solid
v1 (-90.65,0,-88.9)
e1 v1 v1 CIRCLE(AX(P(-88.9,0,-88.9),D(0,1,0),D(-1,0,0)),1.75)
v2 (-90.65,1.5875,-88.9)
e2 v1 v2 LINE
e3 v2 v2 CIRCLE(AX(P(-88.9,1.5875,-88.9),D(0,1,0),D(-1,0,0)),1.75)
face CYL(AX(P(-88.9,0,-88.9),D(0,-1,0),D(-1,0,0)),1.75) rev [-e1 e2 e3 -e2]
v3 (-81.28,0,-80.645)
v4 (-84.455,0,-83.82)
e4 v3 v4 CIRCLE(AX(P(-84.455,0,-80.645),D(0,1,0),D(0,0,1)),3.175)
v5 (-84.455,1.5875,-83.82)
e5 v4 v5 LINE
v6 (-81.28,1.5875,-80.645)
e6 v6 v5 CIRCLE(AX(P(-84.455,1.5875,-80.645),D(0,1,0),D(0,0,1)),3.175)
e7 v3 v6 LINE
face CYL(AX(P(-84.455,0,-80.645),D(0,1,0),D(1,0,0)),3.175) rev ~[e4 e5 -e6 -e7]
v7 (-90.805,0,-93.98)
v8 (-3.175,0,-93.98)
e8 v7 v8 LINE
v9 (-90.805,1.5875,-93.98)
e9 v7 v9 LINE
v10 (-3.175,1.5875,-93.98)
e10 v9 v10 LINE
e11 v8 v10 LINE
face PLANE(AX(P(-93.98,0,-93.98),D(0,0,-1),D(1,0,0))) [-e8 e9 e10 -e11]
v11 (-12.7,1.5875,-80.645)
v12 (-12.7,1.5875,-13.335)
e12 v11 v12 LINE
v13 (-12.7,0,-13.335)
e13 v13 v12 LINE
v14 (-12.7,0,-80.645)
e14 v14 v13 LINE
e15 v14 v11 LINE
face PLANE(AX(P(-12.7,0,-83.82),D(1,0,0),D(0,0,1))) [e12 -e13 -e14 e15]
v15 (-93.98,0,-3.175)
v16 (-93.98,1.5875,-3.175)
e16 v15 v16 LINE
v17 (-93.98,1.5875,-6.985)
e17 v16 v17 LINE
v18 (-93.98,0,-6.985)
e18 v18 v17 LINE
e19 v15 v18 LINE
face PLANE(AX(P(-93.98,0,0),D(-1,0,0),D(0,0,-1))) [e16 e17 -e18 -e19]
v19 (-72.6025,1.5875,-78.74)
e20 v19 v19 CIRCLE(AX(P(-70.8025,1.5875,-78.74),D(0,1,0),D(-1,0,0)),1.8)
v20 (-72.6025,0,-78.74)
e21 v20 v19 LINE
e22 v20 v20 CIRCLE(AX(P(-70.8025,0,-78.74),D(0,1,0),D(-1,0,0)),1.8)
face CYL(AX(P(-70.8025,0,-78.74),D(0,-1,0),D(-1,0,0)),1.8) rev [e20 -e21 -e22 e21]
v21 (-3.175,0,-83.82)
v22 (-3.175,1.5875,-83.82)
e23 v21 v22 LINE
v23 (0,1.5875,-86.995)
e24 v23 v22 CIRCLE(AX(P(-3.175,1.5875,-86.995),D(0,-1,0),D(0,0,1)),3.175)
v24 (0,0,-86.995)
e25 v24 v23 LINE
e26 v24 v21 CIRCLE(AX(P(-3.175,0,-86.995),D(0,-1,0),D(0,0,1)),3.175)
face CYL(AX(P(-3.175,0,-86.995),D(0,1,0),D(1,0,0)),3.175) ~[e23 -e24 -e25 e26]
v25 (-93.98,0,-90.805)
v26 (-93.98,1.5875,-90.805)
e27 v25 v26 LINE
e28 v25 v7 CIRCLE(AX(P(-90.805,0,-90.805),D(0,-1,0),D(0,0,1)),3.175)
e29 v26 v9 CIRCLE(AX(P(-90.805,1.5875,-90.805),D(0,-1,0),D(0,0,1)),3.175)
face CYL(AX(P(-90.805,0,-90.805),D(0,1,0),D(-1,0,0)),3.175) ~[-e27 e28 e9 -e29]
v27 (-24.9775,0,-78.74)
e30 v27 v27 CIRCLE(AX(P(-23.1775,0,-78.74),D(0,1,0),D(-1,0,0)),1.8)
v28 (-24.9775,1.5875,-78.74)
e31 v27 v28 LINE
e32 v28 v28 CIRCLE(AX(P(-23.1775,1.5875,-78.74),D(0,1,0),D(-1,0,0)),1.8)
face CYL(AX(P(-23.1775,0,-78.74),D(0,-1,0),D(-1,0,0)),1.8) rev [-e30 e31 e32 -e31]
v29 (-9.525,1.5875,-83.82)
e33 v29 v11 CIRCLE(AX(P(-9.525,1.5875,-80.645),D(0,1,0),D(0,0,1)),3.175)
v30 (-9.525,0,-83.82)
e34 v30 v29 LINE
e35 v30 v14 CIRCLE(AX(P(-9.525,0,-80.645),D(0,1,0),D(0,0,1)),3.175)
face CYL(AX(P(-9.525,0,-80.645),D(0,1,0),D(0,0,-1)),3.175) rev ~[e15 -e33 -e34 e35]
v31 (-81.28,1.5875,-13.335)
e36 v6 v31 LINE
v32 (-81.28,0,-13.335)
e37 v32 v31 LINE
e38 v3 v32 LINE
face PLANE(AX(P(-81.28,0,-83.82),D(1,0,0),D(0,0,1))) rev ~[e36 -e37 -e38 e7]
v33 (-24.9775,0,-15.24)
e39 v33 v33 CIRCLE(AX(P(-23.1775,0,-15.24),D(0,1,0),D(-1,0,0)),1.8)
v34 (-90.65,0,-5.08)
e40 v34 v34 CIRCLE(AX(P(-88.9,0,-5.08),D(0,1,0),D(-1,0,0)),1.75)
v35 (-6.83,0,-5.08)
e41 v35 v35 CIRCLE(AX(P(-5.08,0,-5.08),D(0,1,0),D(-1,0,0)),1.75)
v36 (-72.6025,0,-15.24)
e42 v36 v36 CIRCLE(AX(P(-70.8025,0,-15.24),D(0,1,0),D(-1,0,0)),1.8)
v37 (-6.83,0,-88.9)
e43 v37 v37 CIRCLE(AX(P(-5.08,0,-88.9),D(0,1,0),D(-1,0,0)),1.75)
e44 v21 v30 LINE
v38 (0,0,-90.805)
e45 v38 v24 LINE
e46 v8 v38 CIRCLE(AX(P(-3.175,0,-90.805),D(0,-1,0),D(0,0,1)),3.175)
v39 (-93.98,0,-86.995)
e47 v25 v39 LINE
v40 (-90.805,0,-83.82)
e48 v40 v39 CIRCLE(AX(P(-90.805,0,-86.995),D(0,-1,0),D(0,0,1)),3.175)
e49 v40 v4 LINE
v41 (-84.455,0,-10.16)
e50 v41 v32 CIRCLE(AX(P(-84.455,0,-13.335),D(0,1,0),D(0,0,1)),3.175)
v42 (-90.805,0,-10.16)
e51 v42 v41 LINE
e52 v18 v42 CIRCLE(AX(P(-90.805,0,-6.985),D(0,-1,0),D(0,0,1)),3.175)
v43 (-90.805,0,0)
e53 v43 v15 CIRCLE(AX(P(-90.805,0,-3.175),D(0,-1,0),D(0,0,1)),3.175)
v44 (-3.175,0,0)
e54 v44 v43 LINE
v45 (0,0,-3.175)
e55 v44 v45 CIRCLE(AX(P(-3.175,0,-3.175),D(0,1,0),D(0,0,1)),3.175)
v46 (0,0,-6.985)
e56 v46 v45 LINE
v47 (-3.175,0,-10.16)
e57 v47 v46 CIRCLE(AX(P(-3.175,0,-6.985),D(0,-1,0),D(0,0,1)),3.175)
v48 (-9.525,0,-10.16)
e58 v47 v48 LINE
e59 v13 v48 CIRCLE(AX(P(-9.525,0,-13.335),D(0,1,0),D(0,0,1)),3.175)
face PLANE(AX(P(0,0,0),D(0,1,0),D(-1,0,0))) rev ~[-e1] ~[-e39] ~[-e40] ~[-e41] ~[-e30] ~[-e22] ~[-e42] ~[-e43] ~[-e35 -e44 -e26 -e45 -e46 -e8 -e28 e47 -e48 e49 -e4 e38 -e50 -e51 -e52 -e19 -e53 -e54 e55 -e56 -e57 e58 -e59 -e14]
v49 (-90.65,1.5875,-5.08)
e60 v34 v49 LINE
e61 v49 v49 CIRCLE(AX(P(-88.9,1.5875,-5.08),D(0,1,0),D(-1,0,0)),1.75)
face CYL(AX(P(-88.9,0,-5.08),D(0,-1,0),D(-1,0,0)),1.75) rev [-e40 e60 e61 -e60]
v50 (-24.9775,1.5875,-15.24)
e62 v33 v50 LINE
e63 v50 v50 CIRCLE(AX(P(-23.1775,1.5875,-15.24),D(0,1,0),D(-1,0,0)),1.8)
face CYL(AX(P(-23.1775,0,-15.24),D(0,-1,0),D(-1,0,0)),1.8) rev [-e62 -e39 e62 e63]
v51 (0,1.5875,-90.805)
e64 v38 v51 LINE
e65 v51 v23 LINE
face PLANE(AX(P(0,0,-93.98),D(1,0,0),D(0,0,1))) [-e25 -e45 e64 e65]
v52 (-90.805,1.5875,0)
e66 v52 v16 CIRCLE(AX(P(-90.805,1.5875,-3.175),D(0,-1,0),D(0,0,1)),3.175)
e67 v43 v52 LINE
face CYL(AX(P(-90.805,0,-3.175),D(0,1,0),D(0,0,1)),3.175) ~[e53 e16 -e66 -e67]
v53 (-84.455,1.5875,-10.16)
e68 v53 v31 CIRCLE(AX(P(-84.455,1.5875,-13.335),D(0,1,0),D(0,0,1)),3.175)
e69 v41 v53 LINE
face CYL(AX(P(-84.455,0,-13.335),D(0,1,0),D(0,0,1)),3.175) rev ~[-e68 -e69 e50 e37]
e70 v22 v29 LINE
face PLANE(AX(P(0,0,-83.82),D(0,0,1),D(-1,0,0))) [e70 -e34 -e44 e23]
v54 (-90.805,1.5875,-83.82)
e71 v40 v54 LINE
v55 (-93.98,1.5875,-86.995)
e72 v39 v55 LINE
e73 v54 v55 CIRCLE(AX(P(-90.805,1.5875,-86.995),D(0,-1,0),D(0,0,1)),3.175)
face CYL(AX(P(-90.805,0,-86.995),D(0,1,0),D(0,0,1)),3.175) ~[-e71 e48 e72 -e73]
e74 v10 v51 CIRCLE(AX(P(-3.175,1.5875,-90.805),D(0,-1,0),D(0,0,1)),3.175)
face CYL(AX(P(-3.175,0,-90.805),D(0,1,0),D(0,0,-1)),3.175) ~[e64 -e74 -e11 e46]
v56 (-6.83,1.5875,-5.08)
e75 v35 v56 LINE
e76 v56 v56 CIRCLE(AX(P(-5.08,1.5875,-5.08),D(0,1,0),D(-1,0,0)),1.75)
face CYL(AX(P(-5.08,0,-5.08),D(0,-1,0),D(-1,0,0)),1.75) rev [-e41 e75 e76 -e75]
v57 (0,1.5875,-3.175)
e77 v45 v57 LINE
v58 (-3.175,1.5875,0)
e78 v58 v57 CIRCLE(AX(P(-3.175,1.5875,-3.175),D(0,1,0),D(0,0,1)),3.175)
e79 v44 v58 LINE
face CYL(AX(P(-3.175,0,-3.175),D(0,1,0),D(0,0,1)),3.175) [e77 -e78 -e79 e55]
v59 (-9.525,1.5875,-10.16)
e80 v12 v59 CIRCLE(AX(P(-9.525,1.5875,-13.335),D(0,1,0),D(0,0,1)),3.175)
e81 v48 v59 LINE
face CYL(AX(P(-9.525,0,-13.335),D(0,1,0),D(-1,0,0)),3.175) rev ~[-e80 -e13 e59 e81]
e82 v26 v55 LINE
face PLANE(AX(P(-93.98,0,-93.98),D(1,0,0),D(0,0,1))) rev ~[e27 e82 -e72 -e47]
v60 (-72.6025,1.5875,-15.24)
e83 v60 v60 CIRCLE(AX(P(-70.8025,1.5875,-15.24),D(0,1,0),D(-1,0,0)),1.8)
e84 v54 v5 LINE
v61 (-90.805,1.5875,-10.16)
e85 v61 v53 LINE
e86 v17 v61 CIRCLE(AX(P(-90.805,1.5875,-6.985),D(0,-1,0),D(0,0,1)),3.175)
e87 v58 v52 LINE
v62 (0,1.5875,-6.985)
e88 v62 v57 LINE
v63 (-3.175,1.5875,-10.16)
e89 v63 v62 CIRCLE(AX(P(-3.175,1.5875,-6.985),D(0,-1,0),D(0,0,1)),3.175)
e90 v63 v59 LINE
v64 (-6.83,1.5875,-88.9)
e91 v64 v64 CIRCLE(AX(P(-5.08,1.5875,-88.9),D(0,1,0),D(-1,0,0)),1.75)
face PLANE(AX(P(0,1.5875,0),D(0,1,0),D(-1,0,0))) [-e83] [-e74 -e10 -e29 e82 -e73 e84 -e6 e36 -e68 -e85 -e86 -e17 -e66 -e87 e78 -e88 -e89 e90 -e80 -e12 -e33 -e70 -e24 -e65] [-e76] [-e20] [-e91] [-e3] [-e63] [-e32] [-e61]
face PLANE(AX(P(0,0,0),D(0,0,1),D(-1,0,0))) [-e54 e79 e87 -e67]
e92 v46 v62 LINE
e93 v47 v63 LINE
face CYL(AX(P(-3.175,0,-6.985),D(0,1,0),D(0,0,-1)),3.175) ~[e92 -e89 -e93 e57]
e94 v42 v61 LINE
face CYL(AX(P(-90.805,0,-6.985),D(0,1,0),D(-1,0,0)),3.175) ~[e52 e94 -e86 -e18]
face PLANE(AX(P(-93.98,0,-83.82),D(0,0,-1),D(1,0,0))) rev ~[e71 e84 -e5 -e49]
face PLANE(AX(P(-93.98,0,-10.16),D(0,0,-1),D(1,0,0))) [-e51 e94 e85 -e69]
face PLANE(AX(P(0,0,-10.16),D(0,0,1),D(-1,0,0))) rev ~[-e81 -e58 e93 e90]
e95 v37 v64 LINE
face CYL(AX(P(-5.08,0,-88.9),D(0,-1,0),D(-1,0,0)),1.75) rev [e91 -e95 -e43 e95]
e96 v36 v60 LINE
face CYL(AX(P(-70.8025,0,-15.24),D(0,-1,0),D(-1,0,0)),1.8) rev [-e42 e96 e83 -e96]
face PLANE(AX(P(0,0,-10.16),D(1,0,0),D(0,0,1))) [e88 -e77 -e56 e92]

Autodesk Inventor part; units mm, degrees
ref_plane "YZ Plane" through (0, 0, 0) normal (1, 0, 0) x (0, 1, 0)
ref_plane "XZ Plane" through (0, 0, 0) normal (0, 1, 0) x (-1, 0, 0)
ref_plane "XY Plane" through (0, 0, 0) normal (0, 0, 1) x (1, 0, 0)
sketch "Sketch1" plane through (0, 0, 0) normal (0, 1, 0) x (-1, 0, 0)
  line L0 (0, 0) -> (93.98, 0)
  line L1 (93.98, -93.98) -> (0, -93.98)
  circle A0 centre (88.9, -5.08) radius 1.75
  circle A1 centre (5.08, -5.08) radius 1.75
  circle A2 centre (5.08, -88.9) radius 1.75
  circle A3 centre (88.9, -88.9) radius 1.75
  circle A4 centre (23.1775, -78.74) radius 1.8
  circle A5 centre (23.1775, -78.74) radius 1.8
  circle A6 centre (70.8025, -78.74) radius 1.8
  circle A7 centre (70.8025, -78.74) radius 1.8
  circle A8 centre (70.8025, -15.24) radius 1.8
  circle A9 centre (70.8025, -15.24) radius 1.8
  circle A10 centre (23.1775, -15.24) radius 1.8
  circle A11 centre (23.1775, -15.24) radius 1.8
  line L2 (93.98, 0) -> (93.98, -10.16)
  line L3 (93.98, -10.16) -> (81.28, -10.16)
  line L4 (93.98, -93.98) -> (93.98, -83.82)
  line L5 (93.98, -83.82) -> (81.28, -83.82)
  line L6 (81.28, -83.82) -> (81.28, -10.16)
  line L7 (0, -10.16) -> (12.7, -10.16)
  line L8 (0, -83.82) -> (12.7, -83.82)
  line L9 (12.7, -83.82) -> (12.7, -10.16)
  line L10 (93.98, 0) -> (93.98, -10.16)
  line L11 (93.98, -83.82) -> (93.98, -93.98)
  line L12 (0, -93.98) -> (0, -83.82)
  line L13 (0, -10.16) -> (0, 0)
extrude "Extrusion1" add sketch "Sketch1" along normal blind 1.5875
fillet "Fillet1" radius 3.175 12 edges at (0, 0.7937, 0) (0, 0.7937, -10.16) (-12.7, 0.7937, -10.16) (-12.7, 0.7937, -83.82) (0, 0.7937, -83.82) (0, 0.7937, -93.98) (-93.98, 0.7937, 0) (-93.98, 0.7937, -10.16) (-81.28, 0.7937, -10.16) (-81.28, 0.7937, -83.82) (-93.98, 0.7937, -83.82) (-93.98, 0.7937, -93.98)
properties part number "ethernetPlate"
